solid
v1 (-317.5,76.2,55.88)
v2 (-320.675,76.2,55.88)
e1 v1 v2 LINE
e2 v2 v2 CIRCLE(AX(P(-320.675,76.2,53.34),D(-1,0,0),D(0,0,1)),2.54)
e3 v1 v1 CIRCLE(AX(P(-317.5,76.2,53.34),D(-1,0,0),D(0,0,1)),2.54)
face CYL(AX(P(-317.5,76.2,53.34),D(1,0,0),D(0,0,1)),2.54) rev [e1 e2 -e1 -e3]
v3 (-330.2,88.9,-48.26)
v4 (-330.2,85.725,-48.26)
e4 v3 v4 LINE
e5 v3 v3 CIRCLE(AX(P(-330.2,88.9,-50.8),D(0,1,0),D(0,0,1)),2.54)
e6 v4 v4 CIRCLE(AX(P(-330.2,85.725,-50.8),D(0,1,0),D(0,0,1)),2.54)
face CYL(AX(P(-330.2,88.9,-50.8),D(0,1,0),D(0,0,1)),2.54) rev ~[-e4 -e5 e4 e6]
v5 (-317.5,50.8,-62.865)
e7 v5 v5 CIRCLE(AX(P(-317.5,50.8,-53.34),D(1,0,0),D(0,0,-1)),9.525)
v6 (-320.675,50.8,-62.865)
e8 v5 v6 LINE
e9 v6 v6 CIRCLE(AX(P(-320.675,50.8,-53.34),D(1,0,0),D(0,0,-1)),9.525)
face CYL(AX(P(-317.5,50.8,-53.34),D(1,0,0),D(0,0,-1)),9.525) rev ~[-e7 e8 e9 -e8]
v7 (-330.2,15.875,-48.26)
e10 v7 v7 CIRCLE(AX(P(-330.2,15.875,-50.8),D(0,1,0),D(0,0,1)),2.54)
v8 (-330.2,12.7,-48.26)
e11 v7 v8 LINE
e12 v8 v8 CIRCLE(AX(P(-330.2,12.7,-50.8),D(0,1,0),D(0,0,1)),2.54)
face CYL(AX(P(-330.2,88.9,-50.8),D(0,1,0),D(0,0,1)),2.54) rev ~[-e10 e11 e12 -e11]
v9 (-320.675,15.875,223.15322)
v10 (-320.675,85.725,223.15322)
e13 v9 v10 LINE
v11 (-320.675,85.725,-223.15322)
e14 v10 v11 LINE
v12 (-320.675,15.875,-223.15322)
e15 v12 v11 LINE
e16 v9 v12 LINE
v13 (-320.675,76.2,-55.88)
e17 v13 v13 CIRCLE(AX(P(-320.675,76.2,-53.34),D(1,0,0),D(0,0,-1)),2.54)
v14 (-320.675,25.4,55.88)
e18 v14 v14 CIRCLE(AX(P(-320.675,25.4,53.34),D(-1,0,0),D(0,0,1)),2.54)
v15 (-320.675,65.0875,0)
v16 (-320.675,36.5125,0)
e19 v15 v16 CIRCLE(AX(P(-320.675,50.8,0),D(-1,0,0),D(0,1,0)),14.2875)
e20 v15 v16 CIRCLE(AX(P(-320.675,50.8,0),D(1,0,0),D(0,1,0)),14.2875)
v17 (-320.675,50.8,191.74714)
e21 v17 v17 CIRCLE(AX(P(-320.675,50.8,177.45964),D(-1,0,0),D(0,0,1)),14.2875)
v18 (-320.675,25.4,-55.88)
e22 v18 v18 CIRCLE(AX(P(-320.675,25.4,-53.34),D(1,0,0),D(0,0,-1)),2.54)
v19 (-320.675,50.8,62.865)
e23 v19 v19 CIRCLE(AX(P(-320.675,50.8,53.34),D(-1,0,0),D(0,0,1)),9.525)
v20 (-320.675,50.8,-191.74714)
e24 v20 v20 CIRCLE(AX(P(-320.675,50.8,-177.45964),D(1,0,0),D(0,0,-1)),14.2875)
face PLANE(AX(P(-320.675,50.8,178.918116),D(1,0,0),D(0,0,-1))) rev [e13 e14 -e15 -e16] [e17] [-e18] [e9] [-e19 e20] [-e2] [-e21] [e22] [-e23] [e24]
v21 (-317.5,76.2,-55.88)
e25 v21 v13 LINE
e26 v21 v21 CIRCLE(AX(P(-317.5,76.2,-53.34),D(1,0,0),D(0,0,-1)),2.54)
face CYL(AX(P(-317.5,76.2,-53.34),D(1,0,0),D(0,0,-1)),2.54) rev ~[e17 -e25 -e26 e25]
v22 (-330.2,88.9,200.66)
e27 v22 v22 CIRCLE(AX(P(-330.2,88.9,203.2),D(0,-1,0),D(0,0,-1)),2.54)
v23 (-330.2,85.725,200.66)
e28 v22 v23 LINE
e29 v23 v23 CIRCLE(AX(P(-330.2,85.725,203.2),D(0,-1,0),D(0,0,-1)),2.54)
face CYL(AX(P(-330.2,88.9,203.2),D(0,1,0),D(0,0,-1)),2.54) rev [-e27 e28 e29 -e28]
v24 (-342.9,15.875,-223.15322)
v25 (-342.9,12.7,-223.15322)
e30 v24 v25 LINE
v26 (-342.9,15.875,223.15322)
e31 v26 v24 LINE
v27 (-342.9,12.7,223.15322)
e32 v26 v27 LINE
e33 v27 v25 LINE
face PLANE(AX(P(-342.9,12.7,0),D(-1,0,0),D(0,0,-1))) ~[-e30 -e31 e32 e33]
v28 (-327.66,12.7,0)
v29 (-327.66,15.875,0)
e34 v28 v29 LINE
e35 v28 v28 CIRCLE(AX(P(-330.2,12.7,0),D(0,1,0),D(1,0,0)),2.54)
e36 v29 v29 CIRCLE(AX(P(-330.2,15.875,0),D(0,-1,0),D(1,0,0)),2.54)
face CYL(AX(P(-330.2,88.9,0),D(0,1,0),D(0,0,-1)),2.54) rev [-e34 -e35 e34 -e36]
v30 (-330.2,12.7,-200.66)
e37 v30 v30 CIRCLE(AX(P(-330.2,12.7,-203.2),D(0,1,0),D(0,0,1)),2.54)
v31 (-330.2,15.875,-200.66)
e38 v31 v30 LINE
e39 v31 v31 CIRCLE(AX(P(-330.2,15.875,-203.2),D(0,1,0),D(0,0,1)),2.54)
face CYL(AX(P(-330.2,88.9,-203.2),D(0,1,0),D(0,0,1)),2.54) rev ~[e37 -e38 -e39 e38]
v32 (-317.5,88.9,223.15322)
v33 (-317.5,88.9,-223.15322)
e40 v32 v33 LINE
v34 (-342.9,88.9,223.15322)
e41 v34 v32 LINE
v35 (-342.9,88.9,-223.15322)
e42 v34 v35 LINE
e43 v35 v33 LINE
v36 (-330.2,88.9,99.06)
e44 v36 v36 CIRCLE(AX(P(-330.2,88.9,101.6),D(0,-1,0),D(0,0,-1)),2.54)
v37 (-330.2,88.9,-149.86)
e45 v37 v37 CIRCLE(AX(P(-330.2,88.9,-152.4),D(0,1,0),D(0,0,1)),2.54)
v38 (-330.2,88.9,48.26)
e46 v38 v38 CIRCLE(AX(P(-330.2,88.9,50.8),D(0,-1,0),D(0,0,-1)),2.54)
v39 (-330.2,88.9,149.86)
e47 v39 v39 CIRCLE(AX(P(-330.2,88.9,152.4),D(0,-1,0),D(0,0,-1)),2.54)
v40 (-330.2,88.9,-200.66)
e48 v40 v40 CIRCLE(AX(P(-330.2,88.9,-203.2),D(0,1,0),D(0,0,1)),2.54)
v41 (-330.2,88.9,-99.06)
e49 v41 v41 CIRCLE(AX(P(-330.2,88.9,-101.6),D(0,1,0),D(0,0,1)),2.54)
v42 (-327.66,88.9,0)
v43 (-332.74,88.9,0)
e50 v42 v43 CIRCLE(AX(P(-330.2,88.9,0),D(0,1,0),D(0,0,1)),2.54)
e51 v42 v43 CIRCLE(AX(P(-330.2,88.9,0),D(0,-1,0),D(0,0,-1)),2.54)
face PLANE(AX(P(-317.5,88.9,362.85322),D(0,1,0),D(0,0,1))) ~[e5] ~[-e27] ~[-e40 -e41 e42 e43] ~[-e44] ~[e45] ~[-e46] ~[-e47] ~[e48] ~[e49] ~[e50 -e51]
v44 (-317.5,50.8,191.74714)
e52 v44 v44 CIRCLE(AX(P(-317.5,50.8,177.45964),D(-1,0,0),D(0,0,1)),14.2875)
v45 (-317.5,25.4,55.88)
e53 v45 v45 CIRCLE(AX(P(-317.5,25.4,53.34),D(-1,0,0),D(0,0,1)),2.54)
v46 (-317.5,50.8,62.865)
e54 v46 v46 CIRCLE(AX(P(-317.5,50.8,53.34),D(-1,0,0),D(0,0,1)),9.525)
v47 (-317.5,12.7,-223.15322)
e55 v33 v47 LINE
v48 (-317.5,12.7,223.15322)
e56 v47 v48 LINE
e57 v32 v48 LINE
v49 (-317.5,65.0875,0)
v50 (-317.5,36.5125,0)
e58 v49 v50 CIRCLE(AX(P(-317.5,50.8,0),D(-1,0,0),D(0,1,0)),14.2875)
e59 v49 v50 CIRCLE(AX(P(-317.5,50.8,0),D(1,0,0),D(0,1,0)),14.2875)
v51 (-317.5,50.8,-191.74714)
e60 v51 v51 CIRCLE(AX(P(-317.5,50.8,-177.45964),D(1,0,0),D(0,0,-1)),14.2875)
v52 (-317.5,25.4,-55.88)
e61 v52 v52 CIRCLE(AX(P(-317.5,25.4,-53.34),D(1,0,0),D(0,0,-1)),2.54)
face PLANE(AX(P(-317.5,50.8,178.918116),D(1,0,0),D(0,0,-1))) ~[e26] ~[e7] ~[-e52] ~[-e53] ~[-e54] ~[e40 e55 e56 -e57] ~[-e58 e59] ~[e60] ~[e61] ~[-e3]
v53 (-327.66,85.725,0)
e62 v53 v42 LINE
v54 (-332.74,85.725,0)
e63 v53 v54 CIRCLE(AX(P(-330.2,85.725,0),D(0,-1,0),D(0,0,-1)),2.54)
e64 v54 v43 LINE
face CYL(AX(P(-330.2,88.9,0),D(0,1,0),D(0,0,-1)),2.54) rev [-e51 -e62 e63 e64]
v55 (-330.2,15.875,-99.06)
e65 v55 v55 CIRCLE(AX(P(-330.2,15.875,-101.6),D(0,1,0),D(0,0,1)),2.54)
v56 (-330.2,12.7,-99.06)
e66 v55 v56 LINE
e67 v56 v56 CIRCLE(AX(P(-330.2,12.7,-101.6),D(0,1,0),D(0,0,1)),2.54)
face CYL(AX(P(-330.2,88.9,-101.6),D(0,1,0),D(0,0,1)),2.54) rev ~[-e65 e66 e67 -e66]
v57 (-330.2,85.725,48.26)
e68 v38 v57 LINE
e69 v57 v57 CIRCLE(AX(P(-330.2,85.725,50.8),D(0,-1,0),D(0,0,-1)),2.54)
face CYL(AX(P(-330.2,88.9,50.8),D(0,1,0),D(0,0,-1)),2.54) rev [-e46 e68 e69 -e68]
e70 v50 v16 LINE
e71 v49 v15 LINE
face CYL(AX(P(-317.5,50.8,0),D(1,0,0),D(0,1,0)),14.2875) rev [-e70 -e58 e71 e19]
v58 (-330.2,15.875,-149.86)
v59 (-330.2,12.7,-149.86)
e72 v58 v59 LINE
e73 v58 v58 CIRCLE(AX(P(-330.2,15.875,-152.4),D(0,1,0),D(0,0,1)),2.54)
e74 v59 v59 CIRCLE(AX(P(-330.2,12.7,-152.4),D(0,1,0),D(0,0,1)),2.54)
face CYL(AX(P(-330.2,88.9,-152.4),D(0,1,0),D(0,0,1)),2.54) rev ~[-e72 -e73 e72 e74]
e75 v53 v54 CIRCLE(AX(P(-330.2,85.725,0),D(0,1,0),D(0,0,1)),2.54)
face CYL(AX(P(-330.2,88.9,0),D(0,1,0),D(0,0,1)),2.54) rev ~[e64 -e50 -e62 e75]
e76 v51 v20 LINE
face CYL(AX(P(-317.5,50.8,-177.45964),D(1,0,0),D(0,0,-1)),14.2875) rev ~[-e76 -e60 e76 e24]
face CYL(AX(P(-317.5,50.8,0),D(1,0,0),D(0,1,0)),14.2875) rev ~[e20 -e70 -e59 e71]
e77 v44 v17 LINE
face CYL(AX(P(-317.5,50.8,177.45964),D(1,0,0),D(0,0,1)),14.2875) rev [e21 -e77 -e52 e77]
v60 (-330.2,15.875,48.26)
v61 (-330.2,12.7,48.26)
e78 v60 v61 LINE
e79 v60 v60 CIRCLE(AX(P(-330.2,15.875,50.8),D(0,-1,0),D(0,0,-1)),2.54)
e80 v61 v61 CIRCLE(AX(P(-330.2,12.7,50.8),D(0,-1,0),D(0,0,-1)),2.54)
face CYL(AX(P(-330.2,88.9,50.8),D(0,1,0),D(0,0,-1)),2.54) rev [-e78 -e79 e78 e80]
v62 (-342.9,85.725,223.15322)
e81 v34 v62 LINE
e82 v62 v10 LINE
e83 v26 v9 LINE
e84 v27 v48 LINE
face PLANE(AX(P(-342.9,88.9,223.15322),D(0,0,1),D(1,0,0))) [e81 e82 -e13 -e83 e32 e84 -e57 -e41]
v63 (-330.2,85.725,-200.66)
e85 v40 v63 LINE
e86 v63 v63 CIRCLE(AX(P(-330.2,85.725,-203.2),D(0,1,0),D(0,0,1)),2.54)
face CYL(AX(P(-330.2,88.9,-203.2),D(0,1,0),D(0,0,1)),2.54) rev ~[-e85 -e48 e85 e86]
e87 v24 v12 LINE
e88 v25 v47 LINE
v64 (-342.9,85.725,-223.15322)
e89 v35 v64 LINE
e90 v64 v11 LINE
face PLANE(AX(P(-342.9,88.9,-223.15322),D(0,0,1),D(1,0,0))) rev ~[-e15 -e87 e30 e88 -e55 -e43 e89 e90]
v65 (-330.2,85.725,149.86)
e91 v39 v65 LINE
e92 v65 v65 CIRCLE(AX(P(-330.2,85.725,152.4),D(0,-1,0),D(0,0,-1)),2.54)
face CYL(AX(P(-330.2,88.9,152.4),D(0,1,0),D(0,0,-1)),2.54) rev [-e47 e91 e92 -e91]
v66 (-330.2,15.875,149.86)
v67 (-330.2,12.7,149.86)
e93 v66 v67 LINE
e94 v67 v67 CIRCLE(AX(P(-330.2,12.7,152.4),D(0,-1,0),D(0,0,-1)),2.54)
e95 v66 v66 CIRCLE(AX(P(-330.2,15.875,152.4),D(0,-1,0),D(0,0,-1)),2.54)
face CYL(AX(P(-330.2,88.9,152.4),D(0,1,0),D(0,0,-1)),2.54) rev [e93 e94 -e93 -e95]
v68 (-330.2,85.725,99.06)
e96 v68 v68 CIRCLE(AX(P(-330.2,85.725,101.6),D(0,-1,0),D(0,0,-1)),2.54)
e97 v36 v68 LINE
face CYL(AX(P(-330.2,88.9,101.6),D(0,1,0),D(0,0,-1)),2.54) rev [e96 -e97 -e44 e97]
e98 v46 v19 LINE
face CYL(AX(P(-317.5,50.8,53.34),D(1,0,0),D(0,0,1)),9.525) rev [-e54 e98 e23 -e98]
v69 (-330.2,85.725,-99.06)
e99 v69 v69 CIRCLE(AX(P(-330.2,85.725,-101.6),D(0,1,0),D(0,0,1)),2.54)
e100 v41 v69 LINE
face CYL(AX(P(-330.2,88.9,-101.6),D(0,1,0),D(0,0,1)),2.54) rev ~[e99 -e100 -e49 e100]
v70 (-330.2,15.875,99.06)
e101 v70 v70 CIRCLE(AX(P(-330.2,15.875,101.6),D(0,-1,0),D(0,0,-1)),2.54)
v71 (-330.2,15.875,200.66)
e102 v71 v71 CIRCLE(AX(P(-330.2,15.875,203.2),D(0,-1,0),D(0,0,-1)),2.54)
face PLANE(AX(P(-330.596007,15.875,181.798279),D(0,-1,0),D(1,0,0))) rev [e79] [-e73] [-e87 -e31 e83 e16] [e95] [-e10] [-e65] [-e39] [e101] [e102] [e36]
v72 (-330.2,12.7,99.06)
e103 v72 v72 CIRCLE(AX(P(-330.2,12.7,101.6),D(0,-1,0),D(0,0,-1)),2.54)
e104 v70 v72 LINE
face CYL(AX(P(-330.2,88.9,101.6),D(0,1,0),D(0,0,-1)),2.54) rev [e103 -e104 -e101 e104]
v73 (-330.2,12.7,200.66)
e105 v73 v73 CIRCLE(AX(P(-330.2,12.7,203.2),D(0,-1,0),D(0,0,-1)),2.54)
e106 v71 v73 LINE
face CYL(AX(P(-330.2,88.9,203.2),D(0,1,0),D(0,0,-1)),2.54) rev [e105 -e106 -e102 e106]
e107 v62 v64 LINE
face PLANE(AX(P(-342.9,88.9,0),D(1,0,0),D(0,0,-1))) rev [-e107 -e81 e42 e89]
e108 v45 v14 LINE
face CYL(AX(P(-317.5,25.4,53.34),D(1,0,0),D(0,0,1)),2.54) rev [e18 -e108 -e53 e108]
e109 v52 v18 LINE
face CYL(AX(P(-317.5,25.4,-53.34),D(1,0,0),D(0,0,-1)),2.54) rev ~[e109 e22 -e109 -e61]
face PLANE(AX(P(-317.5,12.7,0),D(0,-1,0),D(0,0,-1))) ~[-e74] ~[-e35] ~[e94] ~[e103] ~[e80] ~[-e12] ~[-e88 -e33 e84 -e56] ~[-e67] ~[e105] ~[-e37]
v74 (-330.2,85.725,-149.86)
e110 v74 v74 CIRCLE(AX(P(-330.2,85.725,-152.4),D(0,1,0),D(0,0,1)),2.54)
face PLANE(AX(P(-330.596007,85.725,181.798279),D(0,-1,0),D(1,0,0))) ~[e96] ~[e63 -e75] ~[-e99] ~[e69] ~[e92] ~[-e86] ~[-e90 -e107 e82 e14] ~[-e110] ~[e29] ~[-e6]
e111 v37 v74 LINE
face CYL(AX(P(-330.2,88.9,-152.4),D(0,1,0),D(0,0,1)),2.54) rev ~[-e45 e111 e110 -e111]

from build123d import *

# Parameters (mm, degrees)
BOSS_EXTRUDE1_START = -317.5
SKETCH4_R           = 2.54
SKETCH4_R_2         = 9.525
SKETCH4_R_3         = 14.2875
BOSS_EXTRUDE1_DEPTH = 3.175
BOSS_EXTRUDE2_DEPTH = 3.175
BOSS_EXTRUDE3_START = -76.2
BOSS_EXTRUDE3_DEPTH = 3.175
SKETCH9_R           = 2.54
CUT_EXTRUDE2_DEPTH  = 506.024067921
LPATTERN1_COUNT     = 10
LPATTERN1_PITCH     = 50.8
SKETCH13_W          = 25.4
SKETCH13_H          = 139.7
CUT_EXTRUDE4_DEPTH  = 506.024067921


with BuildPart() as part:
    # Sketch4 → Boss-Extrude1 (new body)
    with BuildSketch(Plane(origin=(0, 0, 0), x_dir=(0, 0, -1), z_dir=(1, 0, 0)).offset(BOSS_EXTRUDE1_START)):
        with BuildLine():
            Line((362.853219884, 88.9), (0, 88.9))
            Line((0, 88.9), (0, 65.0875))
            ThreePointArc((0, 65.0875), (14.2875, 50.8), (0, 36.5125))
            Line((0, 36.5125), (0, 12.7))
            Line((0, 12.7), (362.853219884, 12.7))
            Line((362.853219884, 12.7), (362.853219884, 88.9))
        make_face()
        with Locations((53.34, 25.4)):
            Circle(SKETCH4_R, mode=Mode.SUBTRACT)
        with Locations((53.34, 50.8)):
            Circle(SKETCH4_R_2, mode=Mode.SUBTRACT)
        with Locations((177.45964, 50.8)):
            Circle(SKETCH4_R_3, mode=Mode.SUBTRACT)
        with Locations((53.34, 76.2)):
            Circle(SKETCH4_R, mode=Mode.SUBTRACT)
        with Locations((337.453219884, 53.975)):
            Circle(SKETCH4_R_3, mode=Mode.SUBTRACT)
    extrude(amount=-BOSS_EXTRUDE1_DEPTH)

    # Sketch7 → Boss-Extrude2 (add)
    with BuildSketch(Plane(origin=(0, 88.9, 0), x_dir=(1, 0, 0), z_dir=(0, 1, 0))):
        Polygon((-319.0875, 0), (-342.9, 0), (-342.9, 362.853219884), (-317.5, 362.853219884), align=None)
    extrude(amount=-BOSS_EXTRUDE2_DEPTH)

    # Sketch7<2> → Boss-Extrude3 (add)
    with BuildSketch(Plane(origin=(0, 88.9, 0), x_dir=(1, 0, 0), z_dir=(0, 1, 0)).offset(BOSS_EXTRUDE3_START)):
        Polygon((-319.0875, 0), (-342.9, 0), (-342.9, 362.853219884), (-317.5, 362.853219884), align=None)
    extrude(amount=BOSS_EXTRUDE3_DEPTH)

    # Sketch9 → Cut-Extrude2 (cut, through all)
    with BuildSketch(Plane(origin=(0, 88.9, 0), x_dir=(1, 0, 0), z_dir=(0, 1, 0))):
        with Locations(Location((-330.2, 355.6, 0), (0, 0, 270))):
            Circle(SKETCH9_R)
    cut_extrude2 = extrude(amount=-CUT_EXTRUDE2_DEPTH, mode=Mode.SUBTRACT)

    # LPattern1: Cut-Extrude2 ×10
    with Locations(*[(0, 0, i * LPATTERN1_PITCH) for i in range(1, LPATTERN1_COUNT)]):
        add(cut_extrude2, mode=Mode.SUBTRACT)

    # Mirror1: part across face


with BuildPart() as part_1:
    add(part.part)
    add(part.part.mirror(Plane(origin=(-320.239664948, 22.265914948, 0), x_dir=(1, 0, 0), z_dir=(0, 0, 1))))

    # Sketch13 → Cut-Extrude4 (cut, through all)
    with BuildSketch(Plane(origin=(0, 88.9, 0), x_dir=(1, 0, 0), z_dir=(0, 1, 0))):
        with Locations((-330.2, 293.003219884)):
            Rectangle(SKETCH13_W, SKETCH13_H)
        with Locations((-330.2, -293.003219884)):
            Rectangle(SKETCH13_W, SKETCH13_H)
    extrude(amount=-CUT_EXTRUDE4_DEPTH, mode=Mode.SUBTRACT)


solid = part_1.part
